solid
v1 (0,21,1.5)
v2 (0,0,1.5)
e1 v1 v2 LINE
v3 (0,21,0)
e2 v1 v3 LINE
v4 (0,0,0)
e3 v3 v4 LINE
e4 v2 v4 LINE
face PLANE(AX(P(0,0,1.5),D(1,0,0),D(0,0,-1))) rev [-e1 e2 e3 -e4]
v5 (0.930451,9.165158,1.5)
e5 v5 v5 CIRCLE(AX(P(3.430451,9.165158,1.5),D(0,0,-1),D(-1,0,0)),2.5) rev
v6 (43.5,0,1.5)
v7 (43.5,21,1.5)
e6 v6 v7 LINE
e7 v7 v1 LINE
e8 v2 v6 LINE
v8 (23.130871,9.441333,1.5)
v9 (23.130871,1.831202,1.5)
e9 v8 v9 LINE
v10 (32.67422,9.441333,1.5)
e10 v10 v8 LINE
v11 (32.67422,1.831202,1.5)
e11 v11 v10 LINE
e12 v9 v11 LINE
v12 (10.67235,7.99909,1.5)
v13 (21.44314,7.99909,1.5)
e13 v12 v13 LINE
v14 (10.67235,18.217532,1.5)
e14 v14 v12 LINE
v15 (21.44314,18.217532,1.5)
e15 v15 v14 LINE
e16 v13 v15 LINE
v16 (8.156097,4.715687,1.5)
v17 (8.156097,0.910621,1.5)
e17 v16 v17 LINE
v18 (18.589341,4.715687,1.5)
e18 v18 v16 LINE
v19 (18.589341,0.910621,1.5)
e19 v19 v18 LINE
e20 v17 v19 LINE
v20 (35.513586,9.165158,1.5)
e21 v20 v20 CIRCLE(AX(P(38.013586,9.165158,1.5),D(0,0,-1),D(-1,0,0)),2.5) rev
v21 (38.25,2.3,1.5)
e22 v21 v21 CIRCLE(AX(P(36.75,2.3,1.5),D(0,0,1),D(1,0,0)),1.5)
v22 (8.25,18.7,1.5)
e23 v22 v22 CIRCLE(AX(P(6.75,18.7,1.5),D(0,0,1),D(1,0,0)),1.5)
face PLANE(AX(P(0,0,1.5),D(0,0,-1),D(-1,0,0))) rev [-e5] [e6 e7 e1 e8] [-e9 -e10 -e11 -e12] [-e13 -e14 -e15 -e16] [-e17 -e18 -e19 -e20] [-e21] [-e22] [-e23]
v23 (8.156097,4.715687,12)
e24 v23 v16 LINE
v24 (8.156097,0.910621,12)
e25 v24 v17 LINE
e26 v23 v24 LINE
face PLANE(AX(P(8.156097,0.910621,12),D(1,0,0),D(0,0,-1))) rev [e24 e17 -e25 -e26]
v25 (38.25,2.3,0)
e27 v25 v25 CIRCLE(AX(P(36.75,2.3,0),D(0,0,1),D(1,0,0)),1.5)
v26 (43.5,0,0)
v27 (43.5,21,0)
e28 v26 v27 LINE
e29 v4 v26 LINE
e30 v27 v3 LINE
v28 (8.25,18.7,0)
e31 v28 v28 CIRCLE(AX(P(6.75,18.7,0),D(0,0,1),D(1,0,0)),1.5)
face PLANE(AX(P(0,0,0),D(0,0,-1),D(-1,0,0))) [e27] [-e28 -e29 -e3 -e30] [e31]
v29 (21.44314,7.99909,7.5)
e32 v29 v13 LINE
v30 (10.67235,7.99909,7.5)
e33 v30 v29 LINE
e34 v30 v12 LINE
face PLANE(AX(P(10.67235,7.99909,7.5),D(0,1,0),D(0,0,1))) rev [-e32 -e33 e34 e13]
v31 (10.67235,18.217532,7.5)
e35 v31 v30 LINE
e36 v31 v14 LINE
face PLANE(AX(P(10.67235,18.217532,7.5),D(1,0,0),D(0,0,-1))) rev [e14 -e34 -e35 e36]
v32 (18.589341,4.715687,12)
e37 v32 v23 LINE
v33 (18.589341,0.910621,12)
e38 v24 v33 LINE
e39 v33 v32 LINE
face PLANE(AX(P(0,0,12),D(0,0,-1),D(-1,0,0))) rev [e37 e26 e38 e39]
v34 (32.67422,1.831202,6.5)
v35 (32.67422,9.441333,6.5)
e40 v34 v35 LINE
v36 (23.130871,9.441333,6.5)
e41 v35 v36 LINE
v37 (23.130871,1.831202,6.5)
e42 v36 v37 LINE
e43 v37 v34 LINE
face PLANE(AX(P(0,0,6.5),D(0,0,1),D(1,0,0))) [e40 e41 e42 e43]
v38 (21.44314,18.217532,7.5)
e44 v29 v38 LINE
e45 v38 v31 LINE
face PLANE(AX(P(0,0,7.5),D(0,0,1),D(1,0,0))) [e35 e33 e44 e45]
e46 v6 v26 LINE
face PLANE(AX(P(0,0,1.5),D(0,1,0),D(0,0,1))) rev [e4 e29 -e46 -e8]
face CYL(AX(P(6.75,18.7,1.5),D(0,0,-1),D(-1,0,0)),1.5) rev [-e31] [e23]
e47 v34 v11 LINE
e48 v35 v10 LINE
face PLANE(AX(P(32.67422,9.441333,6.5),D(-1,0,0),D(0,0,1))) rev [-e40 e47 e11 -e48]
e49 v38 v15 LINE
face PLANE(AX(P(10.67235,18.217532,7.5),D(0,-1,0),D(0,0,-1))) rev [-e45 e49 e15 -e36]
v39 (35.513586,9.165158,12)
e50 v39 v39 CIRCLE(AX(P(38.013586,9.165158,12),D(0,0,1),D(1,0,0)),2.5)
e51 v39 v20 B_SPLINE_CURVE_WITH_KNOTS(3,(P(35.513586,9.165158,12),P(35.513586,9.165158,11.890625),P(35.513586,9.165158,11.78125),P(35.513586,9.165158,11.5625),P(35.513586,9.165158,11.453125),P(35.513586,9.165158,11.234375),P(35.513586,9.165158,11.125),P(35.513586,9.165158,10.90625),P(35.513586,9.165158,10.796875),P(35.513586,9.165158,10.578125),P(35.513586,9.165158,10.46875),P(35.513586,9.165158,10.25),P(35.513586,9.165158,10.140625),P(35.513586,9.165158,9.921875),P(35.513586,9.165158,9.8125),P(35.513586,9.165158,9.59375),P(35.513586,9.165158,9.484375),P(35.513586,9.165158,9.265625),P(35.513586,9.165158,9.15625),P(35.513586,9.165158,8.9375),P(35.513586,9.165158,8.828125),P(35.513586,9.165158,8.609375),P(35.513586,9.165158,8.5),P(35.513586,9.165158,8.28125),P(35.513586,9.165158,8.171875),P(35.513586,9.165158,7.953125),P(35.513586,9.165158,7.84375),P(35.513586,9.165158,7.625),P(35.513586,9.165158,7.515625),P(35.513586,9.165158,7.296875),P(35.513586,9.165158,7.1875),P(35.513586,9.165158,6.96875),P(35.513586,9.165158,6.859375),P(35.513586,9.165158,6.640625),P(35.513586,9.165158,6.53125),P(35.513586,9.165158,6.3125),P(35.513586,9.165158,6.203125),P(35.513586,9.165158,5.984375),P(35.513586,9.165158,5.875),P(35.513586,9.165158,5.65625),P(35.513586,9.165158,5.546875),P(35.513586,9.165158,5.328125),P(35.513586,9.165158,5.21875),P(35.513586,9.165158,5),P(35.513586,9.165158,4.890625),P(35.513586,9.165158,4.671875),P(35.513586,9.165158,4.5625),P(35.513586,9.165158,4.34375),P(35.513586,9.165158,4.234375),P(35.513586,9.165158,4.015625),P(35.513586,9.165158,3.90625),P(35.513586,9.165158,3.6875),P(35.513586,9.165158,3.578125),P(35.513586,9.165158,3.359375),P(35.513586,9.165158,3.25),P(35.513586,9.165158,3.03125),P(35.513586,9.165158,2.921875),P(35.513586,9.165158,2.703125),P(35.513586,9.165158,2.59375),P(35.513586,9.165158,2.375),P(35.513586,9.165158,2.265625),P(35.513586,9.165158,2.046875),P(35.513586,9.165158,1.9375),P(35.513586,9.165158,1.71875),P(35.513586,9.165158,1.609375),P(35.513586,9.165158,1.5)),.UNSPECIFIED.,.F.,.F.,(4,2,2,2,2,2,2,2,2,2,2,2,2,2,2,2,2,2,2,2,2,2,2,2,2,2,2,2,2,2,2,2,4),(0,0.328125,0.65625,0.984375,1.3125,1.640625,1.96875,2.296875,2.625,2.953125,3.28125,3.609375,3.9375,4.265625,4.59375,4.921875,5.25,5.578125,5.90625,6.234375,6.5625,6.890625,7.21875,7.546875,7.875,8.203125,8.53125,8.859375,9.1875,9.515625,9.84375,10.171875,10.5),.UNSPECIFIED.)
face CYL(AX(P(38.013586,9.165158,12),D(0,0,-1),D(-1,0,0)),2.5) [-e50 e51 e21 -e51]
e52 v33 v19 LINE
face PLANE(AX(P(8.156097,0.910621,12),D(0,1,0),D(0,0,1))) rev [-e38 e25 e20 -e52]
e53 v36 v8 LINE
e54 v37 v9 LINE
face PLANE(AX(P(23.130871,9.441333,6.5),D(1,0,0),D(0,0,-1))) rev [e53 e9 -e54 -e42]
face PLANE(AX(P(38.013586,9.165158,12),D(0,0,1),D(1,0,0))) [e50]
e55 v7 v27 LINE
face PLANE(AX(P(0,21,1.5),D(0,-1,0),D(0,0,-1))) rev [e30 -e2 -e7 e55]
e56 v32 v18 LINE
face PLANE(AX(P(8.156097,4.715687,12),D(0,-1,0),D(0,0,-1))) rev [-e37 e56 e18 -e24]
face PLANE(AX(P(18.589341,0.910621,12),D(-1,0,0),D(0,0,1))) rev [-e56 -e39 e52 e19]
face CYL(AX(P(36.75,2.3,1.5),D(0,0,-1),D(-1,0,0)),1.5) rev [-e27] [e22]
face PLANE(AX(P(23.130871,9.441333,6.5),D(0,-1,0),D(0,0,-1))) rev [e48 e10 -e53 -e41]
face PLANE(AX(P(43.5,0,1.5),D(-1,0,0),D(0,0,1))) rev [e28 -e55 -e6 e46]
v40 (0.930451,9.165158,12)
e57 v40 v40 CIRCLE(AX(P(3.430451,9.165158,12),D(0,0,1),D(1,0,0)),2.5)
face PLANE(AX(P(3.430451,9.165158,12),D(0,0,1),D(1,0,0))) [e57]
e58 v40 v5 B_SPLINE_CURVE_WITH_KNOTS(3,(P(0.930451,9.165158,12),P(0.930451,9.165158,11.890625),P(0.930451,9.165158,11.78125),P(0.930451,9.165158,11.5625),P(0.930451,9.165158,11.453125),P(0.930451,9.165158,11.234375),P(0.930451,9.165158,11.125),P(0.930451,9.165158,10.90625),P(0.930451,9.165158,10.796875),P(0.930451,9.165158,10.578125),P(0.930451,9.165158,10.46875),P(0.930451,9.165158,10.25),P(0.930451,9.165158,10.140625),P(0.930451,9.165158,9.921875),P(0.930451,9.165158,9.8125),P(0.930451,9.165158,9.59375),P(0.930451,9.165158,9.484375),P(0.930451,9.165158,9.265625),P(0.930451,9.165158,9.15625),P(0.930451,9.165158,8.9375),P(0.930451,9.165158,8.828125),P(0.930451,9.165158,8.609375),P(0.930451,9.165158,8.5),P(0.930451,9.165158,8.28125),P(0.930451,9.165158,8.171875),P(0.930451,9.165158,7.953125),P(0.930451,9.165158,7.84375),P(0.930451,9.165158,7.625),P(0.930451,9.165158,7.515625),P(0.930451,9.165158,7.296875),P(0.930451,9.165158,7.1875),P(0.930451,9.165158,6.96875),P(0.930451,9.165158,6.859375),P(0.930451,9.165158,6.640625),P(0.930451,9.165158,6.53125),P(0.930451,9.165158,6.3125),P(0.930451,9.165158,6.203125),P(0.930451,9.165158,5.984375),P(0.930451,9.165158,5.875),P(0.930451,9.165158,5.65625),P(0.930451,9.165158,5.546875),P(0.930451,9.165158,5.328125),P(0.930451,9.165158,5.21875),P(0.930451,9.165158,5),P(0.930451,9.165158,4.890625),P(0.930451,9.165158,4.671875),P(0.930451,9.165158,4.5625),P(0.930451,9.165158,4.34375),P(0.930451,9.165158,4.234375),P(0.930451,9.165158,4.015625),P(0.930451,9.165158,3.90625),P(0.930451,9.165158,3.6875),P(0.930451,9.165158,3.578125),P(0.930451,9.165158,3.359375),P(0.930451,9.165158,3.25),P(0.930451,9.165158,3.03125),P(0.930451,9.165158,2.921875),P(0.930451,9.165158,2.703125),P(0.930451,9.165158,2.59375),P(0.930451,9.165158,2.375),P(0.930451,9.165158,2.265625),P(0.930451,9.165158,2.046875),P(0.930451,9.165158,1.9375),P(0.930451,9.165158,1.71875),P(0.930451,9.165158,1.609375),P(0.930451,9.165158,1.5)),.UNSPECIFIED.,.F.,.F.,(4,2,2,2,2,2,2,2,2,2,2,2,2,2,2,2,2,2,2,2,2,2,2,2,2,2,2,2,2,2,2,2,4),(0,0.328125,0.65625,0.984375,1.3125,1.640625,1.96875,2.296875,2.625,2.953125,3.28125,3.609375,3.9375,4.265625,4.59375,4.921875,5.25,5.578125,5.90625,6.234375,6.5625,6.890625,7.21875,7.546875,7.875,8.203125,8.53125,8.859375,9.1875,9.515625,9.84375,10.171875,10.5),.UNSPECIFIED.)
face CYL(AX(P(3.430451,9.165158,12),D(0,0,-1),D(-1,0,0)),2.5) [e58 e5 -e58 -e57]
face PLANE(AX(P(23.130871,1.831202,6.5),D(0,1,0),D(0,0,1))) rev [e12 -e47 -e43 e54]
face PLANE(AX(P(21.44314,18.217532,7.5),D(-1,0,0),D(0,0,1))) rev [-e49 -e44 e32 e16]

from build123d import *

# Parameters (mm, degrees)
SKETCH1_W           = 43.5
SKETCH1_H           = 21
SKETCH1_R           = 1.5
BOSS_EXTRUDE1_DEPTH = 1.5
SKETCH2_R           = 2.5
SKETCH2_W           = 10.433244148
SKETCH2_H           = 3.805065513
BOSS_EXTRUDE2_DEPTH = 10.5
SKETCH3_W           = 10.770790281
SKETCH3_H           = 10.218442062
BOSS_EXTRUDE3_DEPTH = 6
SKETCH4_W           = 9.543349793
SKETCH4_H           = 7.610131025
BOSS_EXTRUDE4_DEPTH = 5


with BuildPart() as part:
    # Sketch1 → Boss-Extrude1 (new body)
    with BuildSketch(Plane.XY):
        with Locations((21.75, 10.5)):
            Rectangle(SKETCH1_W, SKETCH1_H)
        with Locations((6.75, 18.7)):
            Circle(SKETCH1_R, mode=Mode.SUBTRACT)
        with Locations((36.75, 2.3)):
            Circle(SKETCH1_R, mode=Mode.SUBTRACT)
    extrude(amount=BOSS_EXTRUDE1_DEPTH)

    # Sketch2 → Boss-Extrude2 (add)
    with BuildSketch(Plane.XY.offset(1.5)):
        with Locations(Location((3.430450718, 9.165158469, 0), (0, 0, 180))):
            Circle(SKETCH2_R)
        with Locations(Location((38.013586465, 9.165158469, 0), (0, 0, 180))):
            Circle(SKETCH2_R)
        with Locations((13.37271867, 2.813153945)):
            Rectangle(SKETCH2_W, SKETCH2_H)
    extrude(amount=BOSS_EXTRUDE2_DEPTH)

    # Sketch3 → Boss-Extrude3 (add)
    with BuildSketch(Plane.XY.offset(1.5)):
        with Locations((16.057744738, 13.108311037)):
            Rectangle(SKETCH3_W, SKETCH3_H)
    extrude(amount=BOSS_EXTRUDE3_DEPTH)

    # Sketch4 → Boss-Extrude4 (add)
    with BuildSketch(Plane.XY.offset(1.5)):
        with Locations((27.902545446, 5.636267067)):
            Rectangle(SKETCH4_W, SKETCH4_H)
    extrude(amount=BOSS_EXTRUDE4_DEPTH)


solid = part.part
